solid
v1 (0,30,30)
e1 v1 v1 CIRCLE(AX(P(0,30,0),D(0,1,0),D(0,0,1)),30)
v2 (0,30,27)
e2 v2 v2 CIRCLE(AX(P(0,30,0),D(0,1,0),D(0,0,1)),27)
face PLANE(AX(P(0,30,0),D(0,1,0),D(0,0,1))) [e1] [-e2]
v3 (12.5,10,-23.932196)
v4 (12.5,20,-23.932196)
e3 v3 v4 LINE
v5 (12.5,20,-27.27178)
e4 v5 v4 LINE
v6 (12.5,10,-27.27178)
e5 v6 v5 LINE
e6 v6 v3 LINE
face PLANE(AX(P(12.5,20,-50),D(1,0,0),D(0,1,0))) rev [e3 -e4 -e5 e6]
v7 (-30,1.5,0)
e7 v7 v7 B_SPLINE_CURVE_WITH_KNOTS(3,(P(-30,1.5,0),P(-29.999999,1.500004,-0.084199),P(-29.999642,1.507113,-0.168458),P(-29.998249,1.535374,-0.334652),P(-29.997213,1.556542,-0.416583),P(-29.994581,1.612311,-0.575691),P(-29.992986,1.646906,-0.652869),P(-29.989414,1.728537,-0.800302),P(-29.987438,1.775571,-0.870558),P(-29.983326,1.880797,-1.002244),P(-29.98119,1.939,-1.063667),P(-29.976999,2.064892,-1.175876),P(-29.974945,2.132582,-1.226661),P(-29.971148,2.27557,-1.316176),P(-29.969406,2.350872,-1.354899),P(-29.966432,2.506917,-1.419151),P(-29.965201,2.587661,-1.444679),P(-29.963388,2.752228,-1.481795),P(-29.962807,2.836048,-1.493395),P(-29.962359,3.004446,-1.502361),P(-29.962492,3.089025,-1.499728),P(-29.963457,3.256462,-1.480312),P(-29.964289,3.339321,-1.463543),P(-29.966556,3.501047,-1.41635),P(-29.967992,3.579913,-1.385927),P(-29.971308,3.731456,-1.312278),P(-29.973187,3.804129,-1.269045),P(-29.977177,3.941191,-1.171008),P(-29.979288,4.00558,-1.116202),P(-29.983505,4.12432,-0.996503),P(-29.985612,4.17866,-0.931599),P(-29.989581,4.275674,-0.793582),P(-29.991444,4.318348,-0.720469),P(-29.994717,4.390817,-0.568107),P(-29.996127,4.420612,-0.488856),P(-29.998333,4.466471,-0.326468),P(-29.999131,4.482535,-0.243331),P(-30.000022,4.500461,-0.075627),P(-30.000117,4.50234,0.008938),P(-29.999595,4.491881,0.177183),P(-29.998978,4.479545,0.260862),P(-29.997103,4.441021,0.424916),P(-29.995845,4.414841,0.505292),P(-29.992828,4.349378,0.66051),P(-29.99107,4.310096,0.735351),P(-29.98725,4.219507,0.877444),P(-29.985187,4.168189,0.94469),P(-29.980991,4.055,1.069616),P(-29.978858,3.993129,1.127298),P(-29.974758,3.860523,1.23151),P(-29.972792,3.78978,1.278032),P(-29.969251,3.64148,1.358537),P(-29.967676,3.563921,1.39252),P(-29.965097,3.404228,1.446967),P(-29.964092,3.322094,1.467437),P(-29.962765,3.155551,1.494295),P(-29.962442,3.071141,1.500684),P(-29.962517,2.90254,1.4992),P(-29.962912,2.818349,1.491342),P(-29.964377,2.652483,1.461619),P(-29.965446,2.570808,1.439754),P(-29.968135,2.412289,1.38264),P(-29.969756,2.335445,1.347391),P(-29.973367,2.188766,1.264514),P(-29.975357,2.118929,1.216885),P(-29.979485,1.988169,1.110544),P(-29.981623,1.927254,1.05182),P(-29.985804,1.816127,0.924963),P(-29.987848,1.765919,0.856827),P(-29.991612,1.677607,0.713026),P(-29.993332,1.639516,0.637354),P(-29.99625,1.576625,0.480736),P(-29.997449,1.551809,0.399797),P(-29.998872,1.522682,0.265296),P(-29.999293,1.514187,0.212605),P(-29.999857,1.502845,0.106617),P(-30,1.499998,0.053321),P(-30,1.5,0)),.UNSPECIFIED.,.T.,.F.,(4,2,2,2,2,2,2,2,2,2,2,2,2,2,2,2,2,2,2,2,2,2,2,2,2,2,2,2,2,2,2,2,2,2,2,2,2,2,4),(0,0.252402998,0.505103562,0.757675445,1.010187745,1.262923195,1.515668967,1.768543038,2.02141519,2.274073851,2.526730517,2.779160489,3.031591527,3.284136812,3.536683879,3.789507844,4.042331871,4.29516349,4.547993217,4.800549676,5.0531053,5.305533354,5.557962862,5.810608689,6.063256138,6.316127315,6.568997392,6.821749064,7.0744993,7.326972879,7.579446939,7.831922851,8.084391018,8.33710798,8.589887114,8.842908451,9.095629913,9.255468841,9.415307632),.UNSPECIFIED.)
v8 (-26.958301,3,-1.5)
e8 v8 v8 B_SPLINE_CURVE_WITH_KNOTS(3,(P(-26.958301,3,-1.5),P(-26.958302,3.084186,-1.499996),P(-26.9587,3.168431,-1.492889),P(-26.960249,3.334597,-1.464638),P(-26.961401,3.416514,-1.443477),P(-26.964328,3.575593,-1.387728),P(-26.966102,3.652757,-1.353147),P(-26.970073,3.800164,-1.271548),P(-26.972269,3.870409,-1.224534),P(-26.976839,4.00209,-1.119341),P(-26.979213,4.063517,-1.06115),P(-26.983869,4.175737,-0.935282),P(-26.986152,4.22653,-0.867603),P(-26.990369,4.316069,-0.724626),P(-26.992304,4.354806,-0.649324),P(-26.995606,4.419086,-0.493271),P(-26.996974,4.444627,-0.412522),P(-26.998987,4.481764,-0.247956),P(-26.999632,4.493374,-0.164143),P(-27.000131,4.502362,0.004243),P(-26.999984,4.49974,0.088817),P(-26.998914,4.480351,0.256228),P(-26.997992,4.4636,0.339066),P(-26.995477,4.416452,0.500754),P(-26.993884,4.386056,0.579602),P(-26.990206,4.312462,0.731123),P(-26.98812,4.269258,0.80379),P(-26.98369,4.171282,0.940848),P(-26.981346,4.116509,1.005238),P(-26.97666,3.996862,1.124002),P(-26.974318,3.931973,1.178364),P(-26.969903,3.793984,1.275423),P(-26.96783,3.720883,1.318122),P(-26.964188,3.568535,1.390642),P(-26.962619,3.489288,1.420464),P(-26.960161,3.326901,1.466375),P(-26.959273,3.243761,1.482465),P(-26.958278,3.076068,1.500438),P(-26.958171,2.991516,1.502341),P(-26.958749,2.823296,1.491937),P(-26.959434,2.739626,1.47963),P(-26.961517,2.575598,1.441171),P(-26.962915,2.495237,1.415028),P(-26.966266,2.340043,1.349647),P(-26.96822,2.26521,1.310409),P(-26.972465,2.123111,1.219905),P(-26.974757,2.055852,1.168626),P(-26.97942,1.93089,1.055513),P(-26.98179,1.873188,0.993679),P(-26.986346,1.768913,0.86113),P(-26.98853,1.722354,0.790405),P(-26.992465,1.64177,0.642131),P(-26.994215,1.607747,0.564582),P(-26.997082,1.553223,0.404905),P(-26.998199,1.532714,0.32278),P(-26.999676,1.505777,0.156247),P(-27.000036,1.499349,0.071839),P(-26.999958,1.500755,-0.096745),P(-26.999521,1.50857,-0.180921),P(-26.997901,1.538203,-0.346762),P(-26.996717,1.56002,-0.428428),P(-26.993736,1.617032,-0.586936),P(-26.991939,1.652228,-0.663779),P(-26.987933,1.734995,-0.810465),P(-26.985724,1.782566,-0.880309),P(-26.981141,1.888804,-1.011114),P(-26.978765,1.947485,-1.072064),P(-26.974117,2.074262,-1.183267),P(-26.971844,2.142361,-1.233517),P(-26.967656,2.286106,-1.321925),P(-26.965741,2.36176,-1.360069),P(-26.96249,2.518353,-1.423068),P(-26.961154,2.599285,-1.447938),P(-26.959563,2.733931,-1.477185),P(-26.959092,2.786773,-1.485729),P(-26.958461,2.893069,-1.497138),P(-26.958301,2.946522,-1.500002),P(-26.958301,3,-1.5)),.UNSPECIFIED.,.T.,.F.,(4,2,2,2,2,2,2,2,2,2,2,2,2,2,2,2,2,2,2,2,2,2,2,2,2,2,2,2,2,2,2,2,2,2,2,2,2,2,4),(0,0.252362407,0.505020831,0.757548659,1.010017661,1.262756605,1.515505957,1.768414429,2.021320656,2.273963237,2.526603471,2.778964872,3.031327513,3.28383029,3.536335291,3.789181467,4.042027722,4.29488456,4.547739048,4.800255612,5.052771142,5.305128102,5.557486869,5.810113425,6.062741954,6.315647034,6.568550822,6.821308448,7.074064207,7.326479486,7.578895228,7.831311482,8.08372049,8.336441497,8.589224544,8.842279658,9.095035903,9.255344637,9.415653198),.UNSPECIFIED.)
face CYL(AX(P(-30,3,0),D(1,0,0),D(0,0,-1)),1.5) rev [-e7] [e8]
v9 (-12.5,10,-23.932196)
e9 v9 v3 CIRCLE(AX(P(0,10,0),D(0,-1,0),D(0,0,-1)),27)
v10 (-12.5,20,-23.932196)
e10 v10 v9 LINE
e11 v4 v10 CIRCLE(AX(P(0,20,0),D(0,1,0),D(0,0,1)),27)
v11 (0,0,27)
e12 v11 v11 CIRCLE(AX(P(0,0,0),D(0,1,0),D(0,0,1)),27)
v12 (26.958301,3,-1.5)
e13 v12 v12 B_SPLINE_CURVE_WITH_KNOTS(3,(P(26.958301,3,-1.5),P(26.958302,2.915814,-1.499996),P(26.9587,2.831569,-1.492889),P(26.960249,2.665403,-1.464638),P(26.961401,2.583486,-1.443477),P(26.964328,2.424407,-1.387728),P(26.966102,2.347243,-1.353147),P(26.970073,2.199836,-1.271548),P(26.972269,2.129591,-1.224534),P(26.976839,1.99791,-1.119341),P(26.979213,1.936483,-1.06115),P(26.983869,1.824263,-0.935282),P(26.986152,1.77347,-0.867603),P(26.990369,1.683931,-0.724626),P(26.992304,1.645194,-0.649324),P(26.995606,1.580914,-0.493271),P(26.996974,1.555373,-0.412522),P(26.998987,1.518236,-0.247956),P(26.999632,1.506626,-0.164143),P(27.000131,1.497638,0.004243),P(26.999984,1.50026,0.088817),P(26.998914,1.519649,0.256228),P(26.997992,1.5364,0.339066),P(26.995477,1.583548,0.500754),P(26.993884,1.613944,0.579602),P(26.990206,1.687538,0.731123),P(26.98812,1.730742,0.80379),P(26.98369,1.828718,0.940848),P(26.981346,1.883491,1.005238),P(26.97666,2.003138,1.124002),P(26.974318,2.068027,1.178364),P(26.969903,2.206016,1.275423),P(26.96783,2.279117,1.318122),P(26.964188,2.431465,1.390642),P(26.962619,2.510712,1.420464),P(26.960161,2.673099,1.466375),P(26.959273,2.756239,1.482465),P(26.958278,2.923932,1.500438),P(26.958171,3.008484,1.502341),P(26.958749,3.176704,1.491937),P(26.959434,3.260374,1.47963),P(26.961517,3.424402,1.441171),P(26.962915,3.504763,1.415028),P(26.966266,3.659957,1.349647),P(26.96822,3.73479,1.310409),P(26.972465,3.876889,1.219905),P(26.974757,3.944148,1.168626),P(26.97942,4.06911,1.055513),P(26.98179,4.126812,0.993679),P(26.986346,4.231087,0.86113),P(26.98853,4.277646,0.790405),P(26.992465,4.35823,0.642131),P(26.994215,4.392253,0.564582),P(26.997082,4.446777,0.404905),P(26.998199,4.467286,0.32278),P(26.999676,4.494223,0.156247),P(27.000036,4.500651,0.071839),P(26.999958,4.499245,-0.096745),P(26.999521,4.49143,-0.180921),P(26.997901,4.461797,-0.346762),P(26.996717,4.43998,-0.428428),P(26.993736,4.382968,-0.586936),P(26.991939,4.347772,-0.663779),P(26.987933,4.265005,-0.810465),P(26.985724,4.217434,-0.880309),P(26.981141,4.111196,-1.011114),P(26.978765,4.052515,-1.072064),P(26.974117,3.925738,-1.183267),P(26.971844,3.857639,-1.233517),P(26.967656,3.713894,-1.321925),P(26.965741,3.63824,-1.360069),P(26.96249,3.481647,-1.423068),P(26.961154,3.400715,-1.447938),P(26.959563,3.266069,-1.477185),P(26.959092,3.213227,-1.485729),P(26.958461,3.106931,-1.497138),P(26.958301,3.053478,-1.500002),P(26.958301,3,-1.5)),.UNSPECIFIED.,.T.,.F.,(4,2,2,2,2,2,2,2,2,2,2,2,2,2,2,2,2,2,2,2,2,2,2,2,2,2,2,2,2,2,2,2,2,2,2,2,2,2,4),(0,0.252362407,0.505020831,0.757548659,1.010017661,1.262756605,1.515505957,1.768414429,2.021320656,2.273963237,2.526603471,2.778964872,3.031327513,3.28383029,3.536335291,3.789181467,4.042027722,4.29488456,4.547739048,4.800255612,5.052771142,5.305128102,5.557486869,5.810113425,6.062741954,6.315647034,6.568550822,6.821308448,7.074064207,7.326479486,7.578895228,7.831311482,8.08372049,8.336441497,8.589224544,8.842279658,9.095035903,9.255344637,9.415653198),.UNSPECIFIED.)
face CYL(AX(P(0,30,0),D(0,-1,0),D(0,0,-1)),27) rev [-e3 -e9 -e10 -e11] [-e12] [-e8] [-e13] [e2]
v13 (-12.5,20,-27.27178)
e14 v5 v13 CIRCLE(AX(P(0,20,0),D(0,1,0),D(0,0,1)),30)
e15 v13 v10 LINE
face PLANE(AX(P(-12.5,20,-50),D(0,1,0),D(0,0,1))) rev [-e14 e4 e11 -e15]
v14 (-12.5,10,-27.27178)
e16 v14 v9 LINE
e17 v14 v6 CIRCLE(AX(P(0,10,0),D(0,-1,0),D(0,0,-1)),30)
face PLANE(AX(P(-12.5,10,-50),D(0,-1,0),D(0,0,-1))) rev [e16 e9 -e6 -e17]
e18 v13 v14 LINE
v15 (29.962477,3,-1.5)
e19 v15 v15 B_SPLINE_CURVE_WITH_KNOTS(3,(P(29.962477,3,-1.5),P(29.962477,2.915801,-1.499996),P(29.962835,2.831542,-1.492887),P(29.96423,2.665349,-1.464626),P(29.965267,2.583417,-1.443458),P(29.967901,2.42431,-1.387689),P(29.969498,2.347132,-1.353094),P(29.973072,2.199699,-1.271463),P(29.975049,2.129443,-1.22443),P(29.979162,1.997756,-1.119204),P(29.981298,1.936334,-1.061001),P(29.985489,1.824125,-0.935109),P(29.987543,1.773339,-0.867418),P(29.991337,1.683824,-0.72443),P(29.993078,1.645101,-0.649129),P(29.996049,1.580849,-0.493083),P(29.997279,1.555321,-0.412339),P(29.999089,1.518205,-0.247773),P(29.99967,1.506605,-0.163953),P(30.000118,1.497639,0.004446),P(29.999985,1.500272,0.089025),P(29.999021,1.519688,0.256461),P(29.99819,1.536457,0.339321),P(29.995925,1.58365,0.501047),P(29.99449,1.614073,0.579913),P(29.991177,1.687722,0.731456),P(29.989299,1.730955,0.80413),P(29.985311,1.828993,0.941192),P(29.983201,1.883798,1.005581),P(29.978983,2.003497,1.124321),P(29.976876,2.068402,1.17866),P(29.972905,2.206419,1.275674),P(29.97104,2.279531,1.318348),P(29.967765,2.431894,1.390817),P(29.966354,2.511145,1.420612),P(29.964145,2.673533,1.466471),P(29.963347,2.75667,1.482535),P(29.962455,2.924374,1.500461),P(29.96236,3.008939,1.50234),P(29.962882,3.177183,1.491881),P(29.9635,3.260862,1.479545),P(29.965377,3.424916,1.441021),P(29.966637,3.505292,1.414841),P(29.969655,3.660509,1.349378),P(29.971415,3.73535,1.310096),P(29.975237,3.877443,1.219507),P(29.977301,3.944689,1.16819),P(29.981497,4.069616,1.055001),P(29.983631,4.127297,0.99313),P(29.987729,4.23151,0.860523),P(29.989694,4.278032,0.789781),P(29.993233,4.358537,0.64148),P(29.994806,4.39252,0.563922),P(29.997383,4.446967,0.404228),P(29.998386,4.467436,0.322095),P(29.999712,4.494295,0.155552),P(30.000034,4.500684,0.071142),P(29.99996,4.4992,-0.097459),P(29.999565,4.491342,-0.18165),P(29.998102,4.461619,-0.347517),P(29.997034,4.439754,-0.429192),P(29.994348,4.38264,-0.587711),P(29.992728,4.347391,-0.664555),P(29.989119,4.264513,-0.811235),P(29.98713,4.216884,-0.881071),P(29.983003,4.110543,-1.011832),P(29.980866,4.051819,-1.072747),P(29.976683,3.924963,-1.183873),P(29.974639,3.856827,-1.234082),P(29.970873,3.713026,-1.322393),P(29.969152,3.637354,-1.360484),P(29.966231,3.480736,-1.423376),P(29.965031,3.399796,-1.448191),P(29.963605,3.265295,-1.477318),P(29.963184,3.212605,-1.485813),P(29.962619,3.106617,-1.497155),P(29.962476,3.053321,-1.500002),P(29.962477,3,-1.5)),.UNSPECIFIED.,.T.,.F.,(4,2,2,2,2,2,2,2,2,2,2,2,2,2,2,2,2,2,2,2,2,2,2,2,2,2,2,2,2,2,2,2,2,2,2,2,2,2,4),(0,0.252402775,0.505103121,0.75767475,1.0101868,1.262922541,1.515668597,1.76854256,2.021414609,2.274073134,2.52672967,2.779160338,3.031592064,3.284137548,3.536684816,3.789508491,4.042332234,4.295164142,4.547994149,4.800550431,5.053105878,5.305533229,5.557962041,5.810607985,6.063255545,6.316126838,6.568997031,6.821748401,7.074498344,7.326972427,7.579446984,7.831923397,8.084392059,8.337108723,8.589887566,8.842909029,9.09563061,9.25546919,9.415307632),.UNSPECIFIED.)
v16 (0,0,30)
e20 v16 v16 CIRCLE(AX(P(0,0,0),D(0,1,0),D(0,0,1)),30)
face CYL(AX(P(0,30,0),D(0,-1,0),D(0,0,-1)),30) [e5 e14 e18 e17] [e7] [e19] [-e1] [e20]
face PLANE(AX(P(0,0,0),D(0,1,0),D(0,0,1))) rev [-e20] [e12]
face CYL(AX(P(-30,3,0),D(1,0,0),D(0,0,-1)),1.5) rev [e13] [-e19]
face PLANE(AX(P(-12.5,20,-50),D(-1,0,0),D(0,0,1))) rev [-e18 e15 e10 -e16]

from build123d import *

# Parameters (mm, degrees)
SKETCH2_R               = 30
SKETCH2_R_2             = 27
BOSS_EXTRUDE1_DEPTH     = 30
SKETCH3_W               = 25
SKETCH3_H               = 10
CUT_EXTRUDE3_DEPTH      = 50
CUT_EXTRUDE4_DEPTH      = 52.961524227
CUT_EXTRUDE4_DEPTH_BACK = 52.961524227
SKETCH6_R               = 1.5


with BuildPart() as part:
    # Sketch2 → Boss-Extrude1 (new body)
    with BuildSketch(Plane(origin=(0, 0, 0), x_dir=(1, 0, 0), z_dir=(0, 1, 0))):
        with Locations(Location((0, 0, 0), (0, 0, 270))):
            Circle(SKETCH2_R)
        with Locations(Location((0, 0, 0), (0, 0, 270))):
            Circle(SKETCH2_R_2, mode=Mode.SUBTRACT)
    extrude(amount=BOSS_EXTRUDE1_DEPTH)

    # Sketch3 → Cut-Extrude3 (cut)
    with BuildSketch(Plane.XY):
        with Locations((0, 15)):
            Rectangle(SKETCH3_W, SKETCH3_H)
    extrude(amount=-CUT_EXTRUDE3_DEPTH, mode=Mode.SUBTRACT)

    # Sketch6 → Cut-Extrude4 (cut, two sides: drawn at the far end of the back side and taken through both)
    with BuildSketch(Plane(origin=(0, 0, 0), x_dir=(0, 0, -1), z_dir=(1, 0, 0)).offset(-CUT_EXTRUDE4_DEPTH_BACK)):
        with Locations((0, 3)):
            Circle(SKETCH6_R)
    extrude(amount=CUT_EXTRUDE4_DEPTH + CUT_EXTRUDE4_DEPTH_BACK, mode=Mode.SUBTRACT)


solid = part.part
